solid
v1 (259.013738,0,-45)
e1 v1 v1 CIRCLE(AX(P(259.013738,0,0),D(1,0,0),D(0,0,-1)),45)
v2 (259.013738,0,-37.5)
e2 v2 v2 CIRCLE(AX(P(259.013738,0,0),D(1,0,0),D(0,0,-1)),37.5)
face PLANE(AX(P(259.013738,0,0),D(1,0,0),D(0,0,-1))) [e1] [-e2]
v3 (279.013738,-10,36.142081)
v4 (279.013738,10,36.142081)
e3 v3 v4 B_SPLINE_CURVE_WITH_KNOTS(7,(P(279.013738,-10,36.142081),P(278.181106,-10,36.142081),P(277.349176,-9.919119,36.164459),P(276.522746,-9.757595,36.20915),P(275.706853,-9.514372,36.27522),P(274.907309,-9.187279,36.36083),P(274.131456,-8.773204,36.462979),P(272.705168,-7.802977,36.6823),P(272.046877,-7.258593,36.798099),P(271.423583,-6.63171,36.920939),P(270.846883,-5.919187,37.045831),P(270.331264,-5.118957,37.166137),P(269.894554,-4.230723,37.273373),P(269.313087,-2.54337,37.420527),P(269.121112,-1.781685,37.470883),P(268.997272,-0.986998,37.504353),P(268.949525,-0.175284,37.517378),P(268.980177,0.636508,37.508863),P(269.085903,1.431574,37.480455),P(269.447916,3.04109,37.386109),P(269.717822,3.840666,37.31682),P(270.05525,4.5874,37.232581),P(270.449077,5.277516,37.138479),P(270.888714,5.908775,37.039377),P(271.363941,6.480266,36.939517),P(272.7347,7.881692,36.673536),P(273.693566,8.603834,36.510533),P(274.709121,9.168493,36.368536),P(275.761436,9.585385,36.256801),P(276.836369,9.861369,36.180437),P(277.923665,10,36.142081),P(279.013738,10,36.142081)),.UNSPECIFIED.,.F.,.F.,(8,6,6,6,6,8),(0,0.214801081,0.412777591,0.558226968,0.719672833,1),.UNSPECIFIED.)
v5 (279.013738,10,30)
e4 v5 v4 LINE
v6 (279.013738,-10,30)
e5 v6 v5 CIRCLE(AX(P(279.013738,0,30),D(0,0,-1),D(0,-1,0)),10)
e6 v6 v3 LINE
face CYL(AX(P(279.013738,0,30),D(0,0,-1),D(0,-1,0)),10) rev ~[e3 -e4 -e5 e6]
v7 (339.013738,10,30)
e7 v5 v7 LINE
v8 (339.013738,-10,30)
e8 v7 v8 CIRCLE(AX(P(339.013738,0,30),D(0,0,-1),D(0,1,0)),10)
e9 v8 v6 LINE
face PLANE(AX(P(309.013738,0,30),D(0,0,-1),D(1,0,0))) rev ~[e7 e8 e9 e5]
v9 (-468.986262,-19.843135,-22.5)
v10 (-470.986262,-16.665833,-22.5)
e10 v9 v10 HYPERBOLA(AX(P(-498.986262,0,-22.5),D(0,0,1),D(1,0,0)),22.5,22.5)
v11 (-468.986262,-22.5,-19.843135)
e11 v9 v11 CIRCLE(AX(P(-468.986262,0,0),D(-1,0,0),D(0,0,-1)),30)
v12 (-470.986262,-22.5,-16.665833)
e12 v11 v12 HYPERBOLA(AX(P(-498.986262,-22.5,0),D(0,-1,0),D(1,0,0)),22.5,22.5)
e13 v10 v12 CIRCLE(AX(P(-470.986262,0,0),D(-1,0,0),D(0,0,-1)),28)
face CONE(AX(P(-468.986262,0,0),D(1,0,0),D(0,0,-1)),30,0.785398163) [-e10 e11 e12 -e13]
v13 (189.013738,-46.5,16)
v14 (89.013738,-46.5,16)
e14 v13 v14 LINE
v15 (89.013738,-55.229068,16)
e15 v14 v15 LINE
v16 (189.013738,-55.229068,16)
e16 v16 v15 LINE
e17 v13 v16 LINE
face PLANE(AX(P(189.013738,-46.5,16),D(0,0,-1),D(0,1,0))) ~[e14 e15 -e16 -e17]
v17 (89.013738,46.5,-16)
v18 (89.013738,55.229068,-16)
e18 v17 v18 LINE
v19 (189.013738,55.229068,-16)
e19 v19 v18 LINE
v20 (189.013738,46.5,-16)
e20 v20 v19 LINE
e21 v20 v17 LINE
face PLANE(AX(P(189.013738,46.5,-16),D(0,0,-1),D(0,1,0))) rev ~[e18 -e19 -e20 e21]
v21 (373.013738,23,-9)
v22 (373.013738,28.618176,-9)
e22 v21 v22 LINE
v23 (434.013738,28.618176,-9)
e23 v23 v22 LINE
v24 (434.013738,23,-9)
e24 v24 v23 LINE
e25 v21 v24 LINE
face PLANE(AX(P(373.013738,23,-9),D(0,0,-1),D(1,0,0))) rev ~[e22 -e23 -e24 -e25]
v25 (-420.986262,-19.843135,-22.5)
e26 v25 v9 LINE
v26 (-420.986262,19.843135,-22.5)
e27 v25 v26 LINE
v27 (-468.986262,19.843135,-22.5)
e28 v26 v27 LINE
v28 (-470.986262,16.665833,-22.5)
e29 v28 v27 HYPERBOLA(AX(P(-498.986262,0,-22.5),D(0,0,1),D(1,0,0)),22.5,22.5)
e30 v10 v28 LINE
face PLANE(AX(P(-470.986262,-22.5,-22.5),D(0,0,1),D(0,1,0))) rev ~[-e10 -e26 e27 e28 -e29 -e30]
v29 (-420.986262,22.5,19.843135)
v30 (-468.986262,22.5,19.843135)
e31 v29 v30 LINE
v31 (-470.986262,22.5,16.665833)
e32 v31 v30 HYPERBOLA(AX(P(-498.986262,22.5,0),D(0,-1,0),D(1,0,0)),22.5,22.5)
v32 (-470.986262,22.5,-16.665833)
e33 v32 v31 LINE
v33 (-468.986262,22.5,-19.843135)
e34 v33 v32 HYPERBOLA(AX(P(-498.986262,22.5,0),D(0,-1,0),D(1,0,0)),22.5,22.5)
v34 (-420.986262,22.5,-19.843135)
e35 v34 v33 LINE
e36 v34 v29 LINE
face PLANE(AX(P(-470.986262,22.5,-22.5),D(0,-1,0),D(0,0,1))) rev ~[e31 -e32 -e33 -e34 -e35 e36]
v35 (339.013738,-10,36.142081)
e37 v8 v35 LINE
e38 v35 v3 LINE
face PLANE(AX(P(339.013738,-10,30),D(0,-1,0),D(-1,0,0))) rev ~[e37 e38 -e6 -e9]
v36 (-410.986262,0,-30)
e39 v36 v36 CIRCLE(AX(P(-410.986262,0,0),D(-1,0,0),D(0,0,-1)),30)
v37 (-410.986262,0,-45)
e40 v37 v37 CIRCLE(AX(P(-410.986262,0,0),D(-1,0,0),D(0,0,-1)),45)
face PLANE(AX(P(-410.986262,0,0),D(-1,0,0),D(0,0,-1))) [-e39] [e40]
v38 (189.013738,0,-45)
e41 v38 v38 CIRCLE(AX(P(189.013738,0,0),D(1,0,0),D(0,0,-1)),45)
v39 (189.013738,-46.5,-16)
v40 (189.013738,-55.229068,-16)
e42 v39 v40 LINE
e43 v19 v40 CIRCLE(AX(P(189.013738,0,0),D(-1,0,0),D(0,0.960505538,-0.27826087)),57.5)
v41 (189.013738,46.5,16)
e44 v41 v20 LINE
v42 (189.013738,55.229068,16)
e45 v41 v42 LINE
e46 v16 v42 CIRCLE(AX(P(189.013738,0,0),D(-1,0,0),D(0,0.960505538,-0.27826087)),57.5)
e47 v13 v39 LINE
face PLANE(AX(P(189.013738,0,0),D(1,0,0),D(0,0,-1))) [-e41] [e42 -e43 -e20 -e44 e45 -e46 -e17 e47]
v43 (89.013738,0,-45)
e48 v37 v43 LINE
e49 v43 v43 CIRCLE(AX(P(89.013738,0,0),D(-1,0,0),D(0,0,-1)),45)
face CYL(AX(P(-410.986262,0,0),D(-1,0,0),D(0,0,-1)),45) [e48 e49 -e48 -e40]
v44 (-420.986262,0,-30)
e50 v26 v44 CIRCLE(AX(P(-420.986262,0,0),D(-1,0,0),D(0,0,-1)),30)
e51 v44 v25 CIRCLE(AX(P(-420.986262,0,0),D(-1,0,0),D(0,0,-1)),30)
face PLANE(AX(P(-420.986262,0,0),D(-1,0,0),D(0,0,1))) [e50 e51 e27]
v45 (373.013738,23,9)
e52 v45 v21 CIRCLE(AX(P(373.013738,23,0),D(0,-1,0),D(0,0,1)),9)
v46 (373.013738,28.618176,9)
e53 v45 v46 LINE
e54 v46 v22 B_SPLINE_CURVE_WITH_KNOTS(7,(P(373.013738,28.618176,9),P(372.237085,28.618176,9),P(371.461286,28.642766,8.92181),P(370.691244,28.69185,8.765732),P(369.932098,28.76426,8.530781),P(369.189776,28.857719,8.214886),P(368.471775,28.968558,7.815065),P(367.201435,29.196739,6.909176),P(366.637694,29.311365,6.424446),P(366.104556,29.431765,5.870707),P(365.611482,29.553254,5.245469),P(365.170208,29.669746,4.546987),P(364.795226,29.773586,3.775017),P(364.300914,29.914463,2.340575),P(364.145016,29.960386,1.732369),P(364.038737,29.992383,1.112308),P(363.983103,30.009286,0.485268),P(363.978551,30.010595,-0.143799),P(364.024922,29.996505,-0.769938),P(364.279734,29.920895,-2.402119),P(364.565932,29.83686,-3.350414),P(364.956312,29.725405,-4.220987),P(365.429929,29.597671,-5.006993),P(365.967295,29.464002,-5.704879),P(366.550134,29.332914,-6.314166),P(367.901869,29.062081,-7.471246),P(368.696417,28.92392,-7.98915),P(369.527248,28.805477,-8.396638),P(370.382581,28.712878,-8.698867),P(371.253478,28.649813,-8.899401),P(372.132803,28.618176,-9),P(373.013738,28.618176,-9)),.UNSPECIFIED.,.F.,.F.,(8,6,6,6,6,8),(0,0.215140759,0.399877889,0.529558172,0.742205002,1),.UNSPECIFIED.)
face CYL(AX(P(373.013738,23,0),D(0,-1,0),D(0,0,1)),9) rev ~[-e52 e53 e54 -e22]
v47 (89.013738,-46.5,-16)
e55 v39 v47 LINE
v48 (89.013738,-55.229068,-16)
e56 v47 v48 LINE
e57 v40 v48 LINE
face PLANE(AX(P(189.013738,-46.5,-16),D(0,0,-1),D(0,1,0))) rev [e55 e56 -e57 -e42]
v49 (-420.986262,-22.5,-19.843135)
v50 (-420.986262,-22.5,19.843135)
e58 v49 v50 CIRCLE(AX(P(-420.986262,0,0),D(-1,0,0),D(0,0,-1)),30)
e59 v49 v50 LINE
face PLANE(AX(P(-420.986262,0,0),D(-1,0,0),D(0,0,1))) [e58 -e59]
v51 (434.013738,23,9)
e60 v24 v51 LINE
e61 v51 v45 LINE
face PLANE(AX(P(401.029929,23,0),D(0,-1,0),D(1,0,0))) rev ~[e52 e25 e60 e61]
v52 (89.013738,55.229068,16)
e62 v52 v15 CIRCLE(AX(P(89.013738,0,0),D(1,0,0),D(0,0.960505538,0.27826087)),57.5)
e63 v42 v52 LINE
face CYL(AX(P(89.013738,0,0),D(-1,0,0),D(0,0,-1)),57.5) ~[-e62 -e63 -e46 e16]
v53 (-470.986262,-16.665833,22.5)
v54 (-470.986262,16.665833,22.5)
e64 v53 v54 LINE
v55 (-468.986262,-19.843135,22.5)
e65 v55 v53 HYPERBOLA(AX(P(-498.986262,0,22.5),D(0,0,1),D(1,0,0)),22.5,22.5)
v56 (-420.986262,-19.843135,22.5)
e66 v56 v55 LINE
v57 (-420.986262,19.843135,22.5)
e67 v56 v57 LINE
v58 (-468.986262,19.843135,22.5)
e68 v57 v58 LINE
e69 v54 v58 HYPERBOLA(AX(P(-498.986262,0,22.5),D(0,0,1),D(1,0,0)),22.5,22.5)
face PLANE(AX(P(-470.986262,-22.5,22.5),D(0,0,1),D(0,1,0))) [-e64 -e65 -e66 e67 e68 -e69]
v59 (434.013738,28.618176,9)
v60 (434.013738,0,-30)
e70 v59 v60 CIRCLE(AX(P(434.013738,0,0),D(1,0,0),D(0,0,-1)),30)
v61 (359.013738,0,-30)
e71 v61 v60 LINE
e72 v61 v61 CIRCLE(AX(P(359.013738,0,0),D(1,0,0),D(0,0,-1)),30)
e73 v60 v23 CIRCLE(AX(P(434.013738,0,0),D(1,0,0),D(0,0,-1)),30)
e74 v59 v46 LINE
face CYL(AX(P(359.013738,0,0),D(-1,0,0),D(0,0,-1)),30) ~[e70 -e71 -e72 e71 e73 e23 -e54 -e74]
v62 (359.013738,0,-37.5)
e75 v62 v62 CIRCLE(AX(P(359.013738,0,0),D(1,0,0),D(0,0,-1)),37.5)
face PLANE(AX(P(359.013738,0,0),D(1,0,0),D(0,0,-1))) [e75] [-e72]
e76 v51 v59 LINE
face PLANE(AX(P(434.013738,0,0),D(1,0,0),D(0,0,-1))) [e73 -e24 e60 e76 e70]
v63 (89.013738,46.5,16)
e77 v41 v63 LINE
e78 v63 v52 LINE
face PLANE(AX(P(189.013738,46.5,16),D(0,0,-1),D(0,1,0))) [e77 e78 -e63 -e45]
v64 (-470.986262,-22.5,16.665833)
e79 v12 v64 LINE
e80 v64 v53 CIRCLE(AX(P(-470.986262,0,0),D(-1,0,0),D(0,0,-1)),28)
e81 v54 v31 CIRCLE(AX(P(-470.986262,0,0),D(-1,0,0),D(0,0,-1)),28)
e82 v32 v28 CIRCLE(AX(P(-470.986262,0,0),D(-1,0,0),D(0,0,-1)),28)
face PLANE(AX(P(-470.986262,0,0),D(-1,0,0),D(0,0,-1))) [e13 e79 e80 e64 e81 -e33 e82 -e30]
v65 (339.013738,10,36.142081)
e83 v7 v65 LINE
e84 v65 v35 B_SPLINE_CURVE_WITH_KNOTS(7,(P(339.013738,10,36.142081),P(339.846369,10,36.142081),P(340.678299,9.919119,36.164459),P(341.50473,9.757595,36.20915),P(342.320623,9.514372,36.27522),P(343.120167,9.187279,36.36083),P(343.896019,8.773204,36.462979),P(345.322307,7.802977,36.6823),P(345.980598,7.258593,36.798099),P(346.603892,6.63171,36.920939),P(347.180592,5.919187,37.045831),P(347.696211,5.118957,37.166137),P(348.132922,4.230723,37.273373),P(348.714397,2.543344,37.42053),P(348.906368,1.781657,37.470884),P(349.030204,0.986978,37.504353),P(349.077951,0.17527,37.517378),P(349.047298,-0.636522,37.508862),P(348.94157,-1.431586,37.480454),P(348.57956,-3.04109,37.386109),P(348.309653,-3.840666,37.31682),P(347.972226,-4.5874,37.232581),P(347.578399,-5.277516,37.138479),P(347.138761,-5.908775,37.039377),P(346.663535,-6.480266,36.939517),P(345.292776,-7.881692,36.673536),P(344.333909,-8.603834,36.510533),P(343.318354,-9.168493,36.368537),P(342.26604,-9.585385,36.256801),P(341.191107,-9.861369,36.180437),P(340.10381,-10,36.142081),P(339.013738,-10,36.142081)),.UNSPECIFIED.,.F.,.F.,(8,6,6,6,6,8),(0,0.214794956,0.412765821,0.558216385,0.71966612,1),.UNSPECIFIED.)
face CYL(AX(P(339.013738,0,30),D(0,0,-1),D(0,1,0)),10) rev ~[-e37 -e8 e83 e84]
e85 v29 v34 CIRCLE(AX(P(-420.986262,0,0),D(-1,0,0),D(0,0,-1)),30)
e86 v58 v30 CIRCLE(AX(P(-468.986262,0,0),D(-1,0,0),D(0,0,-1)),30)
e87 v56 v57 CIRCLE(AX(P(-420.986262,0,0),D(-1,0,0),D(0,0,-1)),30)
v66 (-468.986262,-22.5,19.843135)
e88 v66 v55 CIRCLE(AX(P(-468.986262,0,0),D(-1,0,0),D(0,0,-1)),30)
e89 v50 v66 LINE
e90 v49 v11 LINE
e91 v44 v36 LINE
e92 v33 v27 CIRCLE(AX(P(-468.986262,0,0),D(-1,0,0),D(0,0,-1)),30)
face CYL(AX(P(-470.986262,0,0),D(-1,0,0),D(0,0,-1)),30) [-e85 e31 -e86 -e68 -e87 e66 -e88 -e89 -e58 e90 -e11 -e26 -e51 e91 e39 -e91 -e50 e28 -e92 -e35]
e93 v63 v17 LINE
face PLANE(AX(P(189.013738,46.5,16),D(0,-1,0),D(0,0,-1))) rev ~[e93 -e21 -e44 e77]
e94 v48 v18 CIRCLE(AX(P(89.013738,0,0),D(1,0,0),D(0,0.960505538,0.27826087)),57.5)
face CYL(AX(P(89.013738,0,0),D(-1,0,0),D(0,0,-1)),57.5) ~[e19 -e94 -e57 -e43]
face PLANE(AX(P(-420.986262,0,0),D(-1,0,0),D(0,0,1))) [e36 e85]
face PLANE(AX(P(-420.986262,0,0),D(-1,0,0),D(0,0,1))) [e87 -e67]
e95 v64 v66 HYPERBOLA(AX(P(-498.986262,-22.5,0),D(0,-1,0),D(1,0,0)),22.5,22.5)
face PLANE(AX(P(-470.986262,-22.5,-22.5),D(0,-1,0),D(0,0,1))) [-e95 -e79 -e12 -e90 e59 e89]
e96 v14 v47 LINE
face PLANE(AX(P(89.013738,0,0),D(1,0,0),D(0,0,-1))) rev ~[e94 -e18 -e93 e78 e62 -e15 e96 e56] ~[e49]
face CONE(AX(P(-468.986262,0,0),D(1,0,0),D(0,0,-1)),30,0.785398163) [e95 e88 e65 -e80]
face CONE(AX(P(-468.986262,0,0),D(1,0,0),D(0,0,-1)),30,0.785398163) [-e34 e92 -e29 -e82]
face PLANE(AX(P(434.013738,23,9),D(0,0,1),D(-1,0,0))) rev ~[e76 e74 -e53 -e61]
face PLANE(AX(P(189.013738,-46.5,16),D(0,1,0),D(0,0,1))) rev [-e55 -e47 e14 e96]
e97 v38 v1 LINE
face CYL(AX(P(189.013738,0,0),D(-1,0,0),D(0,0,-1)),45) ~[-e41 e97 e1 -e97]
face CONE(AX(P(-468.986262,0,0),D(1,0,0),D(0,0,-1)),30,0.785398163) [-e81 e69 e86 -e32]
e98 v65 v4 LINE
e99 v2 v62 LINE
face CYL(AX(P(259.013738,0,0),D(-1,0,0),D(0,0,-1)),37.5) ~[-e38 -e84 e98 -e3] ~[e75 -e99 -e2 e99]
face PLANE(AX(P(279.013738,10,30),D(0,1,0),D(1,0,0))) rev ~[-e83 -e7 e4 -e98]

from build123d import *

# Parameters (mm, degrees)
SKETCH2_R          = 11.5
EXTRUDE1_DEPTH     = 20
SKETCH3_R          = 9
EXTRUDE2_DEPTH     = 14
SKETCH4_R          = 7.5
EXTRUDE3_DEPTH     = 20
SKETCH5_R          = 6
EXTRUDE4_DEPTH     = 15
EXTRUDE5_START     = 100
SKETCH6_R          = 9
EXTRUDE5_DEPTH     = 100
EXTRUDE6_START     = 12
SKETCH7_R          = 6
EXTRUDE6_DEPTH     = 12
SCALE1_SCALE       = 5
SKETCH9_W          = 32
SKETCH9_H          = 18
CUT_EXTRUDE1_DEPTH = 665.990601438
CUT_EXTRUDE2_DEPTH = 481.888860648
CUT_EXTRUDE3_DEPTH = 483.218372884
CHAMFER1_SIZE      = 2
SKETCH12_W         = 80
SKETCH12_H         = 80
SKETCH12_W_2       = 45
SKETCH12_H_2       = 45
CUT_EXTRUDE4_DEPTH = 50


with BuildPart() as part:
    # Sketch2 → Extrude1 (new body)
    with BuildSketch(Plane(origin=(0, 0, 0), x_dir=(0, 0, -1), z_dir=(1, 0, 0))):
        Circle(SKETCH2_R)
    extrude(amount=EXTRUDE1_DEPTH)

    # Sketch3 → Extrude2 (add)
    with BuildSketch(Plane(origin=(20, 0, 0), x_dir=(0, 0, -1), z_dir=(1, 0, 0))):
        Circle(SKETCH3_R)
    extrude(amount=EXTRUDE2_DEPTH)

    # Sketch4 → Extrude3 (add)
    with BuildSketch(Plane(origin=(34, 0, 0), x_dir=(0, 0, -1), z_dir=(1, 0, 0))):
        Circle(SKETCH4_R)
    extrude(amount=EXTRUDE3_DEPTH)

    # Sketch5 → Extrude4 (add)
    with BuildSketch(Plane(origin=(54, 0, 0), x_dir=(0, 0, -1), z_dir=(1, 0, 0))):
        Circle(SKETCH5_R)
    extrude(amount=EXTRUDE4_DEPTH)

    # Sketch6 → Extrude5 (add)
    with BuildSketch(Plane.ZY.offset(EXTRUDE5_START)):
        with Locations(Location((0, 0, 0), (0, 0, 180))):
            Circle(SKETCH6_R)
    extrude(amount=-EXTRUDE5_DEPTH)

    # Sketch7 → Extrude6 (add)
    with BuildSketch(Plane.ZY.offset(100).offset(EXTRUDE6_START)):
        with Locations(Location((0, 0, 0), (0, 0, 180))):
            Circle(SKETCH7_R)
    extrude(amount=-EXTRUDE6_DEPTH)


with BuildPart() as part_1:
    # Scale1: scaled about (-22.253434459, 0, 0)
    add(part.part.scale(SCALE1_SCALE).moved(Location((89.013737836, 0, 0))))

    # Sketch9 → Cut-Extrude1 (cut, through all)
    with BuildSketch(Plane(origin=(189.013737836, 0, 0), x_dir=(0, 0, -1), z_dir=(1, 0, 0))):
        with Locations((0, 55.5)):
            Rectangle(SKETCH9_W, SKETCH9_H)
    cut_extrude1 = extrude(amount=-CUT_EXTRUDE1_DEPTH, mode=Mode.SUBTRACT)

    # Mirror1: Cut-Extrude1 across plane
    add(cut_extrude1.mirror(Plane.ZX), mode=Mode.SUBTRACT)

    # Sketch10 → Cut-Extrude2 (cut, through all)
    with BuildSketch(Plane(origin=(0, 23, 0), x_dir=(-1, 0, 0), z_dir=(0, 1, 0))):
        with BuildLine():
            Line((-373.013737836, -9), (-434.013737836, -9))
            Line((-434.013737836, -9), (-434.013737836, 9))
            Line((-434.013737836, 9), (-373.013737836, 9))
            ThreePointArc((-373.013737836, 9), (-364.013737836, 0), (-373.013737836, -9))
        make_face()
    extrude(amount=CUT_EXTRUDE2_DEPTH, mode=Mode.SUBTRACT)

    # Sketch11 → Cut-Extrude3 (cut, through all)
    with BuildSketch(Plane(origin=(0, 0, 30), x_dir=(-1, 0, 0), z_dir=(0, 0, 1))):
        with BuildLine():
            Line((-339.013737836, 10), (-279.013737836, 10))
            ThreePointArc((-279.013737836, 10), (-269.013737836, 0), (-279.013737836, -10))
            Line((-279.013737836, -10), (-339.013737836, -10))
            ThreePointArc((-339.013737836, -10), (-349.013737836, 0), (-339.013737836, 10))
        make_face()
    extrude(amount=CUT_EXTRUDE3_DEPTH, mode=Mode.SUBTRACT)

    # Chamfer1
    chamfer1_edges = [part_1.edges().sort_by_distance(p)[0] for p in [
        (-470.986262164, 0, 30),
    ]]
    chamfer(chamfer1_edges, length=CHAMFER1_SIZE)

    # Sketch12 → Cut-Extrude4 (cut)
    with BuildSketch(Plane.ZY.offset(470.986262164)):
        Rectangle(SKETCH12_W, SKETCH12_H)
        Rectangle(SKETCH12_W_2, SKETCH12_H_2, mode=Mode.SUBTRACT)
    extrude(amount=-CUT_EXTRUDE4_DEPTH, mode=Mode.SUBTRACT)


solid = part_1.part
